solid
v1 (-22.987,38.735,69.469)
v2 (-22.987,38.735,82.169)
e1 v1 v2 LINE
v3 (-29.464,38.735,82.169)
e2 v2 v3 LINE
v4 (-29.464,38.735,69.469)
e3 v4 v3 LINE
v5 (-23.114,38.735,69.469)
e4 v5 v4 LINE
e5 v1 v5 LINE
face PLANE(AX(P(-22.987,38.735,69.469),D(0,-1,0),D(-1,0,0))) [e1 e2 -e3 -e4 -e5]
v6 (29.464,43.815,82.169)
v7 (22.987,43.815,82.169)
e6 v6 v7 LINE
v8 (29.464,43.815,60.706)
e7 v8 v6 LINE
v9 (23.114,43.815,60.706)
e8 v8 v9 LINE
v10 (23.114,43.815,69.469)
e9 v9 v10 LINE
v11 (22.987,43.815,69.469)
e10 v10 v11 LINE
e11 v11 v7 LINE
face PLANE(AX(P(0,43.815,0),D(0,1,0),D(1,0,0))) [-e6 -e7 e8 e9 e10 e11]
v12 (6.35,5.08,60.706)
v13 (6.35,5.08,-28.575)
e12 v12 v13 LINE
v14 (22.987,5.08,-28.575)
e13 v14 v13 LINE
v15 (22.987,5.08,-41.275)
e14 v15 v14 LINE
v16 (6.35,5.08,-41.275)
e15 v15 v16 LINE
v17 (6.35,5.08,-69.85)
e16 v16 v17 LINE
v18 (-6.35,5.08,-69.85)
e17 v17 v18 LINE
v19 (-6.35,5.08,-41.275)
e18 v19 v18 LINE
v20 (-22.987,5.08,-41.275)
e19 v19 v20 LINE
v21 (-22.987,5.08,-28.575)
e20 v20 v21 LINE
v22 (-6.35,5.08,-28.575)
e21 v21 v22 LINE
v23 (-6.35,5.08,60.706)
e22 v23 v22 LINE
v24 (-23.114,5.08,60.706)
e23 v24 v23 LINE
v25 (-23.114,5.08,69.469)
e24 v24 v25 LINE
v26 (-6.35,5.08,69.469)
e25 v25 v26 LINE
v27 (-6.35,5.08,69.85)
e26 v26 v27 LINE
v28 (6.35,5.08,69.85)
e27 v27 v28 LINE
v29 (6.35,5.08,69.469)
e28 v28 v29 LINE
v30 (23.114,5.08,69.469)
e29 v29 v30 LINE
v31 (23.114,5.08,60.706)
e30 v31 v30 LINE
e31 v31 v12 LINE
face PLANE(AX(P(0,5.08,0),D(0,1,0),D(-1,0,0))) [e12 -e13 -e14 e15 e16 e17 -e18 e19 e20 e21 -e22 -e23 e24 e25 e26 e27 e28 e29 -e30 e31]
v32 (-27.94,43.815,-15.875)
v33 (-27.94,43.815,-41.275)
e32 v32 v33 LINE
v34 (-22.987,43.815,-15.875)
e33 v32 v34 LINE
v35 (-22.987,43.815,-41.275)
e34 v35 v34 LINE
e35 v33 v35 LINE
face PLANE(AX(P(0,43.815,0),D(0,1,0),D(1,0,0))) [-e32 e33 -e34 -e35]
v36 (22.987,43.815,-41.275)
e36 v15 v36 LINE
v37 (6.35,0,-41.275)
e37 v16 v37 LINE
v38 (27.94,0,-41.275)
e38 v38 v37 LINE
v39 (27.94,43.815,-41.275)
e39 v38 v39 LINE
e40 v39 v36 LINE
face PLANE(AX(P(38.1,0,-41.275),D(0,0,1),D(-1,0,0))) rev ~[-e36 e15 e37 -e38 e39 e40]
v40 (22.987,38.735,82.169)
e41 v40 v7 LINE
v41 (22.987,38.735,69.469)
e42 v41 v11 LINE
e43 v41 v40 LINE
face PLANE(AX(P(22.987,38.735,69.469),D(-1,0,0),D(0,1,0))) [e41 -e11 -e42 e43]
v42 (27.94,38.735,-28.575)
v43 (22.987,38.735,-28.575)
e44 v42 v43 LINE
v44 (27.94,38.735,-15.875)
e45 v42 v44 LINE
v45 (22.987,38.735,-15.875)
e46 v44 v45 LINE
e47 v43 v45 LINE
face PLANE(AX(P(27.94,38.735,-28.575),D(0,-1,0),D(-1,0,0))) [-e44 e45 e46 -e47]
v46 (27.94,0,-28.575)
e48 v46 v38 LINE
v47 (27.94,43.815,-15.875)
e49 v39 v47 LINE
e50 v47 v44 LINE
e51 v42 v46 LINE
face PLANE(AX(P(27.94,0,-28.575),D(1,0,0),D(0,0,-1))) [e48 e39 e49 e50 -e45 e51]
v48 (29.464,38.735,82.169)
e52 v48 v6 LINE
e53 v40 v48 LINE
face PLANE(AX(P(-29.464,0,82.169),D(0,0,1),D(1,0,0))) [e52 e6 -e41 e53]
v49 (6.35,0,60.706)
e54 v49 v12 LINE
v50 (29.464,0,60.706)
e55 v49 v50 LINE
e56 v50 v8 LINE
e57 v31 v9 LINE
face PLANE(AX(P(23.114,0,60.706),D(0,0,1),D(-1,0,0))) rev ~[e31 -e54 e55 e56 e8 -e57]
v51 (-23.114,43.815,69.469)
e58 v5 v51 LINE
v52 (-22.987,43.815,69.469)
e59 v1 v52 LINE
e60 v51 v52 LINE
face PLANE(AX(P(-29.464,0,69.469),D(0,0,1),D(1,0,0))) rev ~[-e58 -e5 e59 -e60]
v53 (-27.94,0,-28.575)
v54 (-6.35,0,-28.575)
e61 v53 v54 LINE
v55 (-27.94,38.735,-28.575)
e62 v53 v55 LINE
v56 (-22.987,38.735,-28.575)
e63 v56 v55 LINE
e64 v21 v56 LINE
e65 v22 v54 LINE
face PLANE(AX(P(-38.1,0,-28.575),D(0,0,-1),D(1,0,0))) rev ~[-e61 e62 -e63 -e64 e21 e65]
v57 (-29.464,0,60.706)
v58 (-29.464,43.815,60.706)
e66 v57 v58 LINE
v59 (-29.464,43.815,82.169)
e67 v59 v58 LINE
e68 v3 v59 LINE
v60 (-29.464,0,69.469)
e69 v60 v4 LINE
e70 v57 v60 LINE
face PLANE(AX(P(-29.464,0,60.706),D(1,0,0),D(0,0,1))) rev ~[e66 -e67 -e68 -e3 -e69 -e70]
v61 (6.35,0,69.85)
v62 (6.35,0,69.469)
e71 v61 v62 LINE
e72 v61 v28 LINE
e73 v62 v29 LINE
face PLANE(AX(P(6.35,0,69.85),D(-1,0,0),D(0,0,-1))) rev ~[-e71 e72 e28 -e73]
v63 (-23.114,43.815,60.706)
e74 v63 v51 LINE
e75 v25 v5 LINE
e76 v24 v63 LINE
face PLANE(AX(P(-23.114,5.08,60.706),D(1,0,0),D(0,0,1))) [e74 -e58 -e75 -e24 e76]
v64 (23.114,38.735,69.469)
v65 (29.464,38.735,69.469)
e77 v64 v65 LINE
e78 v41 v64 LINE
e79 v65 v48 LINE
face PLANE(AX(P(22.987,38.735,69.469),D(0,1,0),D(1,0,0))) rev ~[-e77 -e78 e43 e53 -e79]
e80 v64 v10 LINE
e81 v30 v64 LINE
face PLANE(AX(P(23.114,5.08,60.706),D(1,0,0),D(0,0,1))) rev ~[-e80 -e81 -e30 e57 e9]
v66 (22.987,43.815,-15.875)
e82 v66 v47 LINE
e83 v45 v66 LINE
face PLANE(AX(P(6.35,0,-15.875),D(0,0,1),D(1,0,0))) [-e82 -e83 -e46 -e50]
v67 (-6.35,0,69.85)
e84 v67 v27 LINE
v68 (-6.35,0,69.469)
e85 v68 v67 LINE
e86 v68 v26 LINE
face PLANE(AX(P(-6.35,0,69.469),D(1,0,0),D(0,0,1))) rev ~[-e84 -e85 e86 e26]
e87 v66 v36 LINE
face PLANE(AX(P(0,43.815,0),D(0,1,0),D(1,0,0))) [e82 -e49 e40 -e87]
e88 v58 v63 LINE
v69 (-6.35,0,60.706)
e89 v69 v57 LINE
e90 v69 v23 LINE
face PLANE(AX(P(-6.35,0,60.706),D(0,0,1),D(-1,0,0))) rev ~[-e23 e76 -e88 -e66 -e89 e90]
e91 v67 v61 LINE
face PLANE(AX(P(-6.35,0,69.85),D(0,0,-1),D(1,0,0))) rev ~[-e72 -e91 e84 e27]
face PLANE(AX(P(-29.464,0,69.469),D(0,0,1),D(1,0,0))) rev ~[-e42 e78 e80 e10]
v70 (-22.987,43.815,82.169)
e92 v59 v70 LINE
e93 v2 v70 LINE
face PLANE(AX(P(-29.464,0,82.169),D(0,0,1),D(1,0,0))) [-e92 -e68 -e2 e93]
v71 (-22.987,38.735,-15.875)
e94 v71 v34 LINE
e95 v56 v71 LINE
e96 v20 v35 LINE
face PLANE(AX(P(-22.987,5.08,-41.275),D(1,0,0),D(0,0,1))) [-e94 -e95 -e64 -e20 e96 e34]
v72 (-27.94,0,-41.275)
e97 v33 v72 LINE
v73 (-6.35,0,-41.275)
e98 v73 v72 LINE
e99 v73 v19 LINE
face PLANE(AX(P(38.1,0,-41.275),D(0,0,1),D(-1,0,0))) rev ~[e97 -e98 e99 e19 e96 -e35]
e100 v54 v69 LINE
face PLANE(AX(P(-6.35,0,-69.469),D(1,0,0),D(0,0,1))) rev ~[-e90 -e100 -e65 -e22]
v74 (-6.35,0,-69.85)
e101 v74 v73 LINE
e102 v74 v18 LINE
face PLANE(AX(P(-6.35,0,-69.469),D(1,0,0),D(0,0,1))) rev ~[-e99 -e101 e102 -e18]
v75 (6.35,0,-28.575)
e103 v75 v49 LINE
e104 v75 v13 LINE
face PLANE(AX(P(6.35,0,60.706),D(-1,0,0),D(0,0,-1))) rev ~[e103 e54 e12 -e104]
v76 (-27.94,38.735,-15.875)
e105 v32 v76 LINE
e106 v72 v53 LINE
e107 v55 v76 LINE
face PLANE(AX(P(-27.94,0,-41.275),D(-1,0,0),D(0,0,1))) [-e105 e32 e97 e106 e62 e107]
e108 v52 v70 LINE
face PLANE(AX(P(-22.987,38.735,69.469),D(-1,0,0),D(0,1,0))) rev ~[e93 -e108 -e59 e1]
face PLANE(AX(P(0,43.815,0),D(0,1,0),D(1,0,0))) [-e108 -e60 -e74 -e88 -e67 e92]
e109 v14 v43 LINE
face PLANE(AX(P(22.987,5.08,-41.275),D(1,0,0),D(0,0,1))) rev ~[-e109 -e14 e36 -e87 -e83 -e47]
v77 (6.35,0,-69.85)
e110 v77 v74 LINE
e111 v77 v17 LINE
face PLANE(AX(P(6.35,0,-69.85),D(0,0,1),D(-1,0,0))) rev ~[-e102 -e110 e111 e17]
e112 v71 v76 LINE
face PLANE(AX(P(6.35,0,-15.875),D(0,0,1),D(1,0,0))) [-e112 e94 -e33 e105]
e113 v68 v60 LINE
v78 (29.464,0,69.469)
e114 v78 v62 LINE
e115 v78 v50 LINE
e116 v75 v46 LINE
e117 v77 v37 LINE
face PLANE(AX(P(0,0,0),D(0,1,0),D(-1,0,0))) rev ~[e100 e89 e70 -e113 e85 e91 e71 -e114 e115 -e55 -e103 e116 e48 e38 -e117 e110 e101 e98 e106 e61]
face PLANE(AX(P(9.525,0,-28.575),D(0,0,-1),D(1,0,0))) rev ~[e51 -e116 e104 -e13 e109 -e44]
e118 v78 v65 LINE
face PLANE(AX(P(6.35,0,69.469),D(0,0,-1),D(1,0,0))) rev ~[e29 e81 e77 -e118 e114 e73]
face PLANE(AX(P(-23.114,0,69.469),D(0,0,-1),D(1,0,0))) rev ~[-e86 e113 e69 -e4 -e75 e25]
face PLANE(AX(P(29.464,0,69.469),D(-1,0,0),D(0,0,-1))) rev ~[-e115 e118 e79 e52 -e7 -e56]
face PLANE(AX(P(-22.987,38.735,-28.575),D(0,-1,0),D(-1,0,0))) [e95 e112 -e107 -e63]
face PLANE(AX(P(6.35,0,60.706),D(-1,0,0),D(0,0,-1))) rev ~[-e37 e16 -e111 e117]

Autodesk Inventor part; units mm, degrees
ref_plane "YZ Plane" through (0, 0, 0) normal (1, 0, 0) x (0, 1, 0)
ref_plane "XZ Plane" through (0, 0, 0) normal (0, 1, 0) x (-1, 0, 0)
ref_plane "XY Plane" through (0, 0, 0) normal (0, 0, 1) x (1, 0, 0)
sketch "Sketch1" plane through (0, 0, 0) normal (0, 1, 0) x (-1, 0, 0)
  line L0 (23.114, 69.469) -> (-23.114, 69.469)
  line L1 (-23.114, 69.469) -> (-23.114, -69.469)
  line L2 (-23.114, -69.469) -> (23.114, -69.469)
  line L3 (23.114, -69.469) -> (23.114, 69.469)
  line L4 (23.114, 69.469) -> (-23.114, -69.469) construction
  line L5 (-23.114, 69.469) -> (23.114, -69.469) construction
  line L6 (-29.464, 60.706) -> (29.464, 60.706)
  line L7 (29.464, 60.706) -> (29.464, 69.469)
  line L8 (29.464, 69.469) -> (-29.464, 69.469)
  line L9 (-29.464, 69.469) -> (-29.464, 60.706)
  line L10 (-29.464, 60.706) -> (29.464, 69.469) construction
  line L11 (29.464, 60.706) -> (-29.464, 69.469) construction
  line L12 (6.35, 69.85) -> (-6.35, 69.85)
  line L13 (-6.35, 69.85) -> (-6.35, -69.85)
  line L14 (-6.35, -69.85) -> (6.35, -69.85)
  line L15 (6.35, -69.85) -> (6.35, 69.85)
  line L16 (6.35, 69.85) -> (-6.35, -69.85) construction
  line L17 (-6.35, 69.85) -> (6.35, -69.85) construction
  point P0 (0, 0)
  point P1 (0, 65.0875)
  dimension "d0" = 46.228
  dimension "d1" = 138.938
  dimension "d2" = 58.928
sketch "Sketch2" plane through (0, 0, 0) normal (0, 1, 0) x (-1, 0, 0)
  line L0 (-9.525, 69.85) -> (-9.525, -28.575)
  line L1 (-38.1, -41.275) -> (38.1, -41.275)
  line L2 (38.1, -41.275) -> (38.1, -28.575)
  line L3 (38.1, -28.575) -> (-38.1, -28.575)
  line L4 (-38.1, -28.575) -> (-38.1, -41.275)
  line L5 (-38.1, -41.275) -> (38.1, -28.575) construction
  line L6 (38.1, -41.275) -> (-38.1, -28.575) construction
  point P0 (0, 0)
  point P1 (0, -34.925)
  dimension "d3" = 98.425
  dimension "d4" = 76.2
extrude "Extrusion1" add sketch "Sketch2" along normal blind 5.08
extrude "Extrusion2" add sketch "Sketch1" along normal blind 5.08 contours L3 L6 L15 L0 | L8 L7 L6 L3 | L15 L6 L13 L0 | L0 L13 L12 L15 | L13 L6 L1 L0 | L15 L2 L13 L6 | L1 L6 L9 L8 | L15 L14 L13 L2
sketch "Sketch3" plane through (0, 5.08, 0) normal (0, 1, 0) x (1, 0, 0)
  line L0 (-29.464, -60.706) -> (-29.464, -69.469) projected
  line L1 (-29.464, -69.469) -> (-6.35, -69.469) projected
  line L2 (-29.464, -60.706) -> (-23.114, -60.706)
  line L3 (-23.114, -60.706) -> (-23.114, -69.469)
  line L4 (-23.114, -69.469) -> (-29.464, -69.469)
  line L5 (-29.464, -69.469) -> (-29.464, -60.706)
  line L6 (29.464, -69.469) -> (29.464, -60.706) projected
  line L7 (6.35, -69.469) -> (29.464, -69.469) projected
  line L8 (29.464, -60.706) -> (23.114, -60.706)
  line L9 (23.114, -60.706) -> (23.114, -69.469)
  line L10 (23.114, -69.469) -> (29.464, -69.469)
  line L11 (29.464, -69.469) -> (29.464, -60.706)
  point P0 (0, 0)
  dimension "d9" = 6.35
  dimension "d10" = 6.35
extrude "Extrusion3" add sketch "Sketch3" along normal blind 38.735
sketch "Sketch4" plane through (0, 5.08, 0) normal (0, 1, 0) x (1, 0, 0)
  line L0 (-38.1, 41.275) -> (-38.1, 28.575) projected
  line L1 (-38.1, 28.575) -> (-6.35, 28.575) projected
  line L2 (-38.1, 41.275) -> (-22.987, 41.275)
  line L3 (-22.987, 41.275) -> (-22.987, 28.575)
  line L4 (-22.987, 28.575) -> (-38.1, 28.575)
  line L5 (-38.1, 28.575) -> (-38.1, 41.275)
  line L6 (38.1, 28.575) -> (38.1, 41.275) projected
  line L7 (6.35, 28.575) -> (38.1, 28.575) projected
  line L8 (38.1, 41.275) -> (22.987, 41.275)
  line L9 (22.987, 41.275) -> (22.987, 28.575)
  line L10 (22.987, 28.575) -> (38.1, 28.575)
  line L11 (38.1, 28.575) -> (38.1, 41.275)
  point P0 (0, 0)
  dimension "d13" = 15.113
  dimension "d14" = 15.113
extrude "Extrusion4" add sketch "Sketch4" along normal blind 38.735
sketch "Sketch5" plane through (-38.1, 0, -41.275) normal (-1, 0, 0) x (0, 0, 1)
  line L0 (-6.35, 53.975) -> (19.05, 53.975)
  line L1 (19.05, 53.975) -> (19.05, -3.175)
  line L2 (19.05, -3.175) -> (-6.35, -3.175)
  line L3 (-6.35, -3.175) -> (-6.35, 53.975)
  line L4 (-6.35, 53.975) -> (19.05, -3.175) construction
  line L5 (19.05, 53.975) -> (-6.35, -3.175) construction
  point P0 (41.275, 0)
  point P1 (6.35, 25.4)
extrude "Extrusion5" cut sketch "Sketch5" against normal blind 10.16
sketch "Sketch6" plane through (6.35, 0, -28.575) normal (0, 0, 1) x (1, 0, 0)
  point P0 (-6.35, 0)
sketch "Sketch7" plane through (38.1, 0, -28.575) normal (1, 0, 0) x (0, 0, -1)
  line L0 (-1.5875, 49.2125) -> (17.4625, 49.2125)
  line L1 (17.4625, 49.2125) -> (17.4625, -4.7625)
  line L2 (17.4625, -4.7625) -> (-1.5875, -4.7625)
  line L3 (-1.5875, -4.7625) -> (-1.5875, 49.2125)
  line L4 (-1.5875, 49.2125) -> (17.4625, -4.7625) construction
  line L5 (17.4625, 49.2125) -> (-1.5875, -4.7625) construction
  point P0 (-28.575, 0)
  point P1 (7.9375, 22.225)
extrude "Extrusion6" cut sketch "Sketch7" against normal blind 10.16
sketch "Sketch8" plane through (-29.464, 0, 69.469) normal (0, 0, 1) x (1, 0, 0)
  line L0 (0, 0) -> (0, 43.815) projected
  line L1 (6.477, 5.08) -> (6.477, 43.815) projected
  line L2 (0, 43.815) -> (6.477, 43.815)
  line L3 (6.477, 43.815) -> (6.477, 38.735)
  line L4 (6.477, 38.735) -> (0, 38.735)
  line L5 (0, 38.735) -> (0, 43.815)
  line L6 (58.928, 0) -> (58.928, 43.815) projected
  line L7 (52.451, 5.08) -> (52.451, 43.815) projected
  line L8 (58.928, 43.815) -> (52.451, 43.815)
  line L9 (52.451, 43.815) -> (52.451, 38.735)
  line L10 (52.451, 38.735) -> (58.928, 38.735)
  line L11 (58.928, 38.735) -> (58.928, 43.815)
  point P0 (29.464, 0)
  dimension "d21" = 5.08
extrude "Extrusion7" add sketch "Sketch8" along normal blind 12.7
sketch "Sketch9" plane through (6.35, 0, -28.575) normal (0, 0, 1) x (1, 0, 0)
  line L0 (16.637, 5.08) -> (16.637, 43.815) projected
  line L1 (21.59, 43.815) -> (21.59, 0) projected
  line L2 (16.637, 43.815) -> (21.59, 43.815)
  line L3 (21.59, 43.815) -> (21.59, 38.735)
  line L4 (21.59, 38.735) -> (16.637, 38.735)
  line L5 (16.637, 38.735) -> (16.637, 43.815)
  line L6 (-34.29, 43.815) -> (-34.29, 0) projected
  line L7 (-29.337, 5.08) -> (-29.337, 43.815) projected
  line L8 (-34.29, 43.815) -> (-29.337, 43.815)
  line L9 (-29.337, 43.815) -> (-29.337, 38.735)
  line L10 (-29.337, 38.735) -> (-34.29, 38.735)
  line L11 (-34.29, 38.735) -> (-34.29, 43.815)
  point P0 (-6.35, 0)
  dimension "d24" = 5.08
extrude "Extrusion8" add sketch "Sketch9" along normal blind 12.7
properties part number "battery"
